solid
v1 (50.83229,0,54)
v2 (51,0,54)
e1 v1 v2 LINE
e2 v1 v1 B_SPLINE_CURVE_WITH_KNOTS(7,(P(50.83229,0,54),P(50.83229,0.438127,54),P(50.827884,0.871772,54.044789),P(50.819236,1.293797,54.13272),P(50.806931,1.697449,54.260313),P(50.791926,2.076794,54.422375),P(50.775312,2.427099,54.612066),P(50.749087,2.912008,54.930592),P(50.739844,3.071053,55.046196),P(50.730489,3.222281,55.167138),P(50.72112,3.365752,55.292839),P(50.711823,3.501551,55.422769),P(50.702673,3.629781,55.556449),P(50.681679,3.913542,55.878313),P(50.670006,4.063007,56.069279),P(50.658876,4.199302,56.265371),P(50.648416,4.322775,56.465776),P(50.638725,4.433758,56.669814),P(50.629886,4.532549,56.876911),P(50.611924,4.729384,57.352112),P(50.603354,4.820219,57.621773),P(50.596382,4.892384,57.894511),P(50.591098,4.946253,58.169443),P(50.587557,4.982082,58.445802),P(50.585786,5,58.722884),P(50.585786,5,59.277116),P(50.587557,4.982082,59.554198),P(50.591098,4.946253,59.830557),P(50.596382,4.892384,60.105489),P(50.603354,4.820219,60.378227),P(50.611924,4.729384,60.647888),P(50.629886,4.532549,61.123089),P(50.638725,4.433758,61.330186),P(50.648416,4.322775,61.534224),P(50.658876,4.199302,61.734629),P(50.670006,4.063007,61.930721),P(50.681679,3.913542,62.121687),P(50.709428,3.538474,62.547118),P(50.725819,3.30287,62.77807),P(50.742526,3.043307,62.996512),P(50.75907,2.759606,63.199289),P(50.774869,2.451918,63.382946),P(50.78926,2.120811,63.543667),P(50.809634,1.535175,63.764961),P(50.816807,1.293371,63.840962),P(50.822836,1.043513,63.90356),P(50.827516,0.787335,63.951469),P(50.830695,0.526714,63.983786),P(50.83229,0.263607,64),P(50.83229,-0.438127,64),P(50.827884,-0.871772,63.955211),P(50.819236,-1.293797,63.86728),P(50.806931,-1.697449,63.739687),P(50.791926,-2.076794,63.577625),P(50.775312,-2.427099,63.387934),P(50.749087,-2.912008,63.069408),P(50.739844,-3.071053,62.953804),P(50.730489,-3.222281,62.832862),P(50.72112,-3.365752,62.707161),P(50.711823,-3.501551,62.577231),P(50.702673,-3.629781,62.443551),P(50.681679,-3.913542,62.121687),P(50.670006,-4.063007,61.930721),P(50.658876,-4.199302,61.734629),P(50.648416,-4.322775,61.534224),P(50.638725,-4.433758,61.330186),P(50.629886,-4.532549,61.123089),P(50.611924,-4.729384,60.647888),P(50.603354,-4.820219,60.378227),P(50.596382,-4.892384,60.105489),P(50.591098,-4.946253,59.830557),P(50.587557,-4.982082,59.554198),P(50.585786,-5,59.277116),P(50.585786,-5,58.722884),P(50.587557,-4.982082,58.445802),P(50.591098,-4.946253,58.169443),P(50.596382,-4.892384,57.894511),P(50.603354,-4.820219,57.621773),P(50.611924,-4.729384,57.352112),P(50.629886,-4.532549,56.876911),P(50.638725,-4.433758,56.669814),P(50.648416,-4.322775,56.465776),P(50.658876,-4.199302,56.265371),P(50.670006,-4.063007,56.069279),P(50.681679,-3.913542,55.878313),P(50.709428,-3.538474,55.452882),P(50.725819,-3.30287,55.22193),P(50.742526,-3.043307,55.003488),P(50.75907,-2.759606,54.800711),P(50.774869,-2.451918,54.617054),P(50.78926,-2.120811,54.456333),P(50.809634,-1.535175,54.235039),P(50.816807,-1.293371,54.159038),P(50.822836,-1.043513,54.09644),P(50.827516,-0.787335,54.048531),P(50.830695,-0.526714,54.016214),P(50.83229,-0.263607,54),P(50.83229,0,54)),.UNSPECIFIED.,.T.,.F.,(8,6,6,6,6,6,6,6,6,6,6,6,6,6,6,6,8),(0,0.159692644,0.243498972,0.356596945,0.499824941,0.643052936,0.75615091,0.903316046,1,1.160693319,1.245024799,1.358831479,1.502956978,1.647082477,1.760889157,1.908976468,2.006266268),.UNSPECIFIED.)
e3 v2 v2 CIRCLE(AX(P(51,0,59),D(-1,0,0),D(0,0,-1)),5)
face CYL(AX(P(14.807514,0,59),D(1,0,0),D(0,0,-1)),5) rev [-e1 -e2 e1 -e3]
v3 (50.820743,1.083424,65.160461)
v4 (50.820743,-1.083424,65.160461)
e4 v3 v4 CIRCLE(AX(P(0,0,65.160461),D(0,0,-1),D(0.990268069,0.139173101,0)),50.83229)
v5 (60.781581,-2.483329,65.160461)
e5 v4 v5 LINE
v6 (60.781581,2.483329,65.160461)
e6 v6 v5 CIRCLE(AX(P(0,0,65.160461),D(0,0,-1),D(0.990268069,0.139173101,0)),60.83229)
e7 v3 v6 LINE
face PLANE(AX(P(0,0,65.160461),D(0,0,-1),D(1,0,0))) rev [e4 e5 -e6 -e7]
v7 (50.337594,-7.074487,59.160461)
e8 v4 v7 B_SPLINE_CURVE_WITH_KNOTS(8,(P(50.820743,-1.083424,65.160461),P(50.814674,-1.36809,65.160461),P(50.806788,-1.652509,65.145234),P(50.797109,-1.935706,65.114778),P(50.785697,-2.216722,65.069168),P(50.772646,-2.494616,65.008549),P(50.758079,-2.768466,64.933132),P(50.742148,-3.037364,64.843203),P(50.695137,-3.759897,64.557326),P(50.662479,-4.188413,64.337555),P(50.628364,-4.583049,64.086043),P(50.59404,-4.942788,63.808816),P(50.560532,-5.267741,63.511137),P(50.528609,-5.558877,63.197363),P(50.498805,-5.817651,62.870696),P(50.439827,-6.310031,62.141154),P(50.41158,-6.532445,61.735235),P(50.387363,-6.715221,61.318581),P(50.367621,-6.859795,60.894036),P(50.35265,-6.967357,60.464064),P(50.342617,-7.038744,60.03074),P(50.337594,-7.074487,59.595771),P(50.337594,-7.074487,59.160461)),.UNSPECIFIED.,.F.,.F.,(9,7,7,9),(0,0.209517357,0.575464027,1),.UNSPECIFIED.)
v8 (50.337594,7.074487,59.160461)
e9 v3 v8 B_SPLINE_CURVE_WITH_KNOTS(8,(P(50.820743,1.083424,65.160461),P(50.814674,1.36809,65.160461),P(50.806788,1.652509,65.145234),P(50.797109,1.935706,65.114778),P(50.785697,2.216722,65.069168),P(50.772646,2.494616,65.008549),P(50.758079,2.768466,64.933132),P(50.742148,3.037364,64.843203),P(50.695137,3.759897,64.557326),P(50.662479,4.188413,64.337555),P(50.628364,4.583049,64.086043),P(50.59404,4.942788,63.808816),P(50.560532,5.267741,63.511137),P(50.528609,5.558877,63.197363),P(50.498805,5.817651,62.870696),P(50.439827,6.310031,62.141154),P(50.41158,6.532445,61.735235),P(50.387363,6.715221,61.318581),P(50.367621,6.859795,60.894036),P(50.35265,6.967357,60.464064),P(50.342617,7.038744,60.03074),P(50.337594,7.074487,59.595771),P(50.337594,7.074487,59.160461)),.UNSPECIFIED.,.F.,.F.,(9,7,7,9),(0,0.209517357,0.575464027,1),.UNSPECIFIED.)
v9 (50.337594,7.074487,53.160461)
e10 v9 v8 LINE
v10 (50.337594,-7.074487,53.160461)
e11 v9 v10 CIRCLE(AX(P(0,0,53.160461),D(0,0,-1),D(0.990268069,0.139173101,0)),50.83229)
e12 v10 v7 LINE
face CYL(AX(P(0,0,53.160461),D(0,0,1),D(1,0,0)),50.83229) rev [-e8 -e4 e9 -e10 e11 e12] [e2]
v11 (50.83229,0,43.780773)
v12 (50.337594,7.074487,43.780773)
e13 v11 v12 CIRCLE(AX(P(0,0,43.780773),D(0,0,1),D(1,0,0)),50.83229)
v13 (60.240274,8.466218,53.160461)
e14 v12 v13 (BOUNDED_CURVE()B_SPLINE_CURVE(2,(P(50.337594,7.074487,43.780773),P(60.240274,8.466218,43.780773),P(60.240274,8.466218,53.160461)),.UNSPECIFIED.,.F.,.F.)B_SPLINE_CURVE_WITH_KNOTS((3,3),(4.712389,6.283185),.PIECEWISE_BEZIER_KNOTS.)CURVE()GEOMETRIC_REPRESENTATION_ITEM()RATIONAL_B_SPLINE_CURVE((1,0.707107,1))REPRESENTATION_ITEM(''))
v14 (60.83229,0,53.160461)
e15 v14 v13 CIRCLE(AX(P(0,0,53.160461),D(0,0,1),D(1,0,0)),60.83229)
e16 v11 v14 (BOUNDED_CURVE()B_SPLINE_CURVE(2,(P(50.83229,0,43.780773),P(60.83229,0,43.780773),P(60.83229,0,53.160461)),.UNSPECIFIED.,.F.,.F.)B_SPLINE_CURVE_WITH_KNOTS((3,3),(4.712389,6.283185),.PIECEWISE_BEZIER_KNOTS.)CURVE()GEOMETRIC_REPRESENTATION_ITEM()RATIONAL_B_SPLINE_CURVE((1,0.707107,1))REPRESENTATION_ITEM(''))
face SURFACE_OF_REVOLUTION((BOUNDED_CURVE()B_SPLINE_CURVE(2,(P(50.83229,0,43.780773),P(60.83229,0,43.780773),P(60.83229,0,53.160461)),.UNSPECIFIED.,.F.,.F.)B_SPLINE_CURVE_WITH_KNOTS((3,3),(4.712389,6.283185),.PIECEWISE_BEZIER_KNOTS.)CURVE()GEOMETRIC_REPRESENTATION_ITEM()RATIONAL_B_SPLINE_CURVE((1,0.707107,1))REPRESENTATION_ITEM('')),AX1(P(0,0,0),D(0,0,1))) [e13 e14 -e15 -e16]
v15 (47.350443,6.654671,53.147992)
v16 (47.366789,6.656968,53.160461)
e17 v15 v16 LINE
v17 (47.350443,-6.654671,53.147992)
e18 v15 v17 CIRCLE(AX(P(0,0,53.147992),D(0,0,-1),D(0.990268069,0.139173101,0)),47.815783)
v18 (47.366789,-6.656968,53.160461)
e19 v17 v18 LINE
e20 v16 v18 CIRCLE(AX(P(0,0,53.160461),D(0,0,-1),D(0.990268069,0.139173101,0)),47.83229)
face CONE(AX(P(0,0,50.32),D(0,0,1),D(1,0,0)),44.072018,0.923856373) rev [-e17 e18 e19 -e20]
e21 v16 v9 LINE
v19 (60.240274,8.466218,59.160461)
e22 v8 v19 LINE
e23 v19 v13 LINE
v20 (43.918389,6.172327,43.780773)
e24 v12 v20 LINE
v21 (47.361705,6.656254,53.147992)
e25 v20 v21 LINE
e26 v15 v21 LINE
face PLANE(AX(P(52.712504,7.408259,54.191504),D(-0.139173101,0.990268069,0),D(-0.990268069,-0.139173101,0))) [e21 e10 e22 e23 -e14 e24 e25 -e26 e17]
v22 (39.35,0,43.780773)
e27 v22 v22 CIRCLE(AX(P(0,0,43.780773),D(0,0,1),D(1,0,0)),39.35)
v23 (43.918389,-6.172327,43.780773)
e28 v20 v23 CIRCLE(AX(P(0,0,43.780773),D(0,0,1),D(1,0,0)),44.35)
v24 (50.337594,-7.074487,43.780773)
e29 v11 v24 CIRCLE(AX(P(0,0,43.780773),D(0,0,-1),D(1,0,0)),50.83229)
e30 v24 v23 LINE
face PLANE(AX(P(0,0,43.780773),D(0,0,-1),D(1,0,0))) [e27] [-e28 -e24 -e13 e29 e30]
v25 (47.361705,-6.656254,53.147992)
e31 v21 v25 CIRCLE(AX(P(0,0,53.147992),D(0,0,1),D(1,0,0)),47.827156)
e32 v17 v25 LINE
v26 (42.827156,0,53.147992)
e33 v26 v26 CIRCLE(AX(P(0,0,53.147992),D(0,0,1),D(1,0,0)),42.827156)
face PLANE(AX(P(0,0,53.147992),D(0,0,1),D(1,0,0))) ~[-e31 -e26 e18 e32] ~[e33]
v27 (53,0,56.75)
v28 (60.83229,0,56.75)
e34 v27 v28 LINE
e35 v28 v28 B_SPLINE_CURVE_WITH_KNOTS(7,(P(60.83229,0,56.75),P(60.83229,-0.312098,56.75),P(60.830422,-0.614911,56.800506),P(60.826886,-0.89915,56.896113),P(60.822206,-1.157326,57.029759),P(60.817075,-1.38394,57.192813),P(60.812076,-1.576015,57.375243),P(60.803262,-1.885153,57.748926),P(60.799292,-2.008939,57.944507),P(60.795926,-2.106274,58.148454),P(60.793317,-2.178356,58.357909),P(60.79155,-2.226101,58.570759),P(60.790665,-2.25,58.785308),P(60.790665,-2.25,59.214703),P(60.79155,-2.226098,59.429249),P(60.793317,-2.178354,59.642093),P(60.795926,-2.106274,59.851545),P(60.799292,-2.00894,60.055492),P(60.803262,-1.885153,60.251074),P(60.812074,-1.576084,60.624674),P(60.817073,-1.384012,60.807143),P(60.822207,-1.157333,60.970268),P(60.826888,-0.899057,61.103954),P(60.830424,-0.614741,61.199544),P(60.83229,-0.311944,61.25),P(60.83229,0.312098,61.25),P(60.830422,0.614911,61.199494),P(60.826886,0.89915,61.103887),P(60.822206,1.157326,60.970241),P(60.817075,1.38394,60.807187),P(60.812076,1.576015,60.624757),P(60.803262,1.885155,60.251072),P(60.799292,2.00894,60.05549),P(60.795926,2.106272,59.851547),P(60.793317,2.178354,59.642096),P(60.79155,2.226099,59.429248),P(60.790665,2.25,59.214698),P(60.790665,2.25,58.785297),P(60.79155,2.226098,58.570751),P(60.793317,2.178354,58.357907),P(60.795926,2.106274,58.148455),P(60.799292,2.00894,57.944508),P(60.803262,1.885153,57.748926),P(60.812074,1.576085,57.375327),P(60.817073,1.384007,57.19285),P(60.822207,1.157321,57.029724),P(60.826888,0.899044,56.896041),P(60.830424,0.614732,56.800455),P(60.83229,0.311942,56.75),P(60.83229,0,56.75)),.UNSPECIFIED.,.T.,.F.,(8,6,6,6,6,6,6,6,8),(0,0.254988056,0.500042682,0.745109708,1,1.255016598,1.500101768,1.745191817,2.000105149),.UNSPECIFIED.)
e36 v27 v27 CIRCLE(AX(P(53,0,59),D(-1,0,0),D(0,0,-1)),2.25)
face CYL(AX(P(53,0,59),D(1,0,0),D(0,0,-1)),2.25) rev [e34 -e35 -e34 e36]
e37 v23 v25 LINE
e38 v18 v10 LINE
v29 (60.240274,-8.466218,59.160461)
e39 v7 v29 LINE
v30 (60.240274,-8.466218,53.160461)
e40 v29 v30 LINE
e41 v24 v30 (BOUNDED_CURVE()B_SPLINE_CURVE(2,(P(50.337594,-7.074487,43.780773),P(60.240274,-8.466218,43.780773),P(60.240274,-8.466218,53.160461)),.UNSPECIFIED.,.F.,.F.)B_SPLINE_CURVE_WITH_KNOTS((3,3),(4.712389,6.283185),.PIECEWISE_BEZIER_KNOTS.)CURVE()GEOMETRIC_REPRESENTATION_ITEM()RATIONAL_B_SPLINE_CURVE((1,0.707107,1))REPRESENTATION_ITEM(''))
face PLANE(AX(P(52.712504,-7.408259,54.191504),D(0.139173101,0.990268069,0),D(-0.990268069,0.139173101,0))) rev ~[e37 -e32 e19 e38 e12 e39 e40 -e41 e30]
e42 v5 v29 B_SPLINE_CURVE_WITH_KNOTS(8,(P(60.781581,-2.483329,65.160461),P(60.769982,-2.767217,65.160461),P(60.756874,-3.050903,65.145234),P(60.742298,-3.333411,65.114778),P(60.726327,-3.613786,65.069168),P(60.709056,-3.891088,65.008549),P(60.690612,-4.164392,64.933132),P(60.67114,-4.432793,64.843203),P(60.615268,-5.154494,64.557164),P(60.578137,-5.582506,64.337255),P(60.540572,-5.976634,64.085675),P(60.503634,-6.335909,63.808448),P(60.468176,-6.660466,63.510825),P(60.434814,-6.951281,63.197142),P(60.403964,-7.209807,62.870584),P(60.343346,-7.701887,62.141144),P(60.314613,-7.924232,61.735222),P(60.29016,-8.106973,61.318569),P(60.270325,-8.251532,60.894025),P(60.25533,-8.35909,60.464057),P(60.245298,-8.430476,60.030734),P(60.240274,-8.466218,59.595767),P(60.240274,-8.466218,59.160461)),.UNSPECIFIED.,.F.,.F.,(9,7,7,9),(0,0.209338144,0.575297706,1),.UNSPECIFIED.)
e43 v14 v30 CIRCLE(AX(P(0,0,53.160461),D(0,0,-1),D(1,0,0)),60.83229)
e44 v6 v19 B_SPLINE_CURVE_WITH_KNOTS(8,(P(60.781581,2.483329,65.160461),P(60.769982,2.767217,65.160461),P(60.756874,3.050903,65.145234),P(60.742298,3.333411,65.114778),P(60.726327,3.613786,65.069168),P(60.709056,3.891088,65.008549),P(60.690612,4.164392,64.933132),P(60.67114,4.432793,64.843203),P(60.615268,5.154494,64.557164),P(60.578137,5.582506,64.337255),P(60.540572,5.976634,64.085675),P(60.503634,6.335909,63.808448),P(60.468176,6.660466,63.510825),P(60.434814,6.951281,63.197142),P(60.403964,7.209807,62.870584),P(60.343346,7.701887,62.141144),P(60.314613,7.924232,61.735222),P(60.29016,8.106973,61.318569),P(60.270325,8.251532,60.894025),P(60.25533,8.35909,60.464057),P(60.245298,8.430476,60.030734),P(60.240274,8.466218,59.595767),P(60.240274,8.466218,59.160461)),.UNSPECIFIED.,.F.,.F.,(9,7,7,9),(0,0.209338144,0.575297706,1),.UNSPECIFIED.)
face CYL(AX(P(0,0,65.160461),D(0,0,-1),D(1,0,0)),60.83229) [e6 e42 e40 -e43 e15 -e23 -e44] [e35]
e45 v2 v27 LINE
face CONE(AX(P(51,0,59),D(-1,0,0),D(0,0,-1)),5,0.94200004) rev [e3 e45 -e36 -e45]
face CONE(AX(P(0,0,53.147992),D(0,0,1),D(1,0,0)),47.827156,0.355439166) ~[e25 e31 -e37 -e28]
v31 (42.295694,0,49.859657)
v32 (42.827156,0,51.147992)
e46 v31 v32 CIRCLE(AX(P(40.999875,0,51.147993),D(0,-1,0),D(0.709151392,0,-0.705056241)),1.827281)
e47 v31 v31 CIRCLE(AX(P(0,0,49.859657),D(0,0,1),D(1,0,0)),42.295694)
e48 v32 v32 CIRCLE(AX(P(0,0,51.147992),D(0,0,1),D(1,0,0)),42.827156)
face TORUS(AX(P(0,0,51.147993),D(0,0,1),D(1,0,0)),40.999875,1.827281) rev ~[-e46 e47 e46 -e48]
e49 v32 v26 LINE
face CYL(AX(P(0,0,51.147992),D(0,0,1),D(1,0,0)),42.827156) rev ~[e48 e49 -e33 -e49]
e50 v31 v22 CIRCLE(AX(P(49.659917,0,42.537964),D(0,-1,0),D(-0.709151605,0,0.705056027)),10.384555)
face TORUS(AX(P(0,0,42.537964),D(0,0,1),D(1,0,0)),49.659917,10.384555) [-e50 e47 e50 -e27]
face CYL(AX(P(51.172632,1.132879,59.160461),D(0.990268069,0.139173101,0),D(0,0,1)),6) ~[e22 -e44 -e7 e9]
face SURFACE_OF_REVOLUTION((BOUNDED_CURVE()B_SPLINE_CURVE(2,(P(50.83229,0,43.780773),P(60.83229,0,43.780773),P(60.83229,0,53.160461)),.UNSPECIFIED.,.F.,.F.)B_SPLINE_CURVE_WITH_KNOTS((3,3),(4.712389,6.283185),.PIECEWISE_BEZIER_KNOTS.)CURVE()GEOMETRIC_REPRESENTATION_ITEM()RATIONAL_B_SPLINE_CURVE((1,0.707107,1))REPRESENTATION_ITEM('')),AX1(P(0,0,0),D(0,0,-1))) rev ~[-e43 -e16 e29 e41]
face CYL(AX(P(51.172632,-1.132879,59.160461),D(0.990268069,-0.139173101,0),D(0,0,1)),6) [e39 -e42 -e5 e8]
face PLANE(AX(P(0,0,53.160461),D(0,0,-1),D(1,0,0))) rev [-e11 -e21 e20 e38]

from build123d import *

# Parameters (mm, degrees)
REVOLUTION001_ANGLE = 16
FILLET_R            = 6


with BuildPart() as part:
    # Sketch → Revolution (revolve)
    with BuildSketch(Plane.XZ):
        with BuildLine():
            ThreePointArc((42.295694, 49.859657), (40.314757, 47.066424), (39.35, 43.780773))
            Line((44.35, 43.780773), (39.35, 43.780773))
            Line((47.827156, 53.147992), (44.35, 43.780773))
            Line((42.827156, 53.147992), (47.827156, 53.147992))
            Line((42.827156, 51.147992), (42.827156, 53.147992))
            ThreePointArc((42.295694, 49.859657), (42.689073, 50.451167), (42.827156, 51.147992))
        make_face()
    revolve(axis=Axis((0, 0, 0), (0, 0, 1)))

    # Sketch004 → Revolution001 (revolve, symmetric)
    with BuildSketch(Plane.XZ) as revolution001_sk:
        with BuildLine():
            Line((44.35, 43.780773), (44.072018, 50.32))
            Line((44.072018, 50.32), (47.83229, 53.160461))
            Line((47.83229, 53.160461), (50.83229, 53.160461))
            Line((50.83229, 53.160461), (50.83229, 65.160461))
            Line((50.83229, 65.160461), (60.83229, 65.160461))
            Line((60.83229, 65.160461), (60.83229, 53.160461))
            add(Edge.make_bspline(
                [(50.83229, 43.780773), (60.83229, 43.780773), (60.83229, 53.160461)],
                knots=[4.712389, 4.712389, 4.712389, 6.283185, 6.283185, 6.283185], degree=2, weights=[1, 0.707107, 1]))
            Line((50.83229, 43.780773), (44.35, 43.780773))
        make_face()
    revolve(axis=Axis((0, 0, 0), (0, 0, 1)), revolution_arc=REVOLUTION001_ANGLE / 2)
    revolve(revolution001_sk.sketch, axis=Axis((0, 0, 0), (0, 0, -1)), revolution_arc=REVOLUTION001_ANGLE / 2)

    # Sketch003 → Groove (revolve, cut)
    with BuildSketch(Plane(origin=(51, 0, 59), x_dir=(-1, 0, 0), z_dir=(0, -1, 0))):
        Polygon((0, 5), (-2, 2.25), (-42.222773, 2.25), (-42.222773, 0), (36.192486, 0), (36.192486, 5), align=None)
    revolve(axis=Axis((51, 0, 59), (-1, 0, 0)), mode=Mode.SUBTRACT)

    # Fillet
    fillet_edges = [part.edges().sort_by_distance(p)[0] for p in [
        (55.288934, -7.770353, 65.160461),
        (55.288934, 7.770353, 65.160461),
    ]]
    fillet(fillet_edges, radius=FILLET_R)


solid = part.part
